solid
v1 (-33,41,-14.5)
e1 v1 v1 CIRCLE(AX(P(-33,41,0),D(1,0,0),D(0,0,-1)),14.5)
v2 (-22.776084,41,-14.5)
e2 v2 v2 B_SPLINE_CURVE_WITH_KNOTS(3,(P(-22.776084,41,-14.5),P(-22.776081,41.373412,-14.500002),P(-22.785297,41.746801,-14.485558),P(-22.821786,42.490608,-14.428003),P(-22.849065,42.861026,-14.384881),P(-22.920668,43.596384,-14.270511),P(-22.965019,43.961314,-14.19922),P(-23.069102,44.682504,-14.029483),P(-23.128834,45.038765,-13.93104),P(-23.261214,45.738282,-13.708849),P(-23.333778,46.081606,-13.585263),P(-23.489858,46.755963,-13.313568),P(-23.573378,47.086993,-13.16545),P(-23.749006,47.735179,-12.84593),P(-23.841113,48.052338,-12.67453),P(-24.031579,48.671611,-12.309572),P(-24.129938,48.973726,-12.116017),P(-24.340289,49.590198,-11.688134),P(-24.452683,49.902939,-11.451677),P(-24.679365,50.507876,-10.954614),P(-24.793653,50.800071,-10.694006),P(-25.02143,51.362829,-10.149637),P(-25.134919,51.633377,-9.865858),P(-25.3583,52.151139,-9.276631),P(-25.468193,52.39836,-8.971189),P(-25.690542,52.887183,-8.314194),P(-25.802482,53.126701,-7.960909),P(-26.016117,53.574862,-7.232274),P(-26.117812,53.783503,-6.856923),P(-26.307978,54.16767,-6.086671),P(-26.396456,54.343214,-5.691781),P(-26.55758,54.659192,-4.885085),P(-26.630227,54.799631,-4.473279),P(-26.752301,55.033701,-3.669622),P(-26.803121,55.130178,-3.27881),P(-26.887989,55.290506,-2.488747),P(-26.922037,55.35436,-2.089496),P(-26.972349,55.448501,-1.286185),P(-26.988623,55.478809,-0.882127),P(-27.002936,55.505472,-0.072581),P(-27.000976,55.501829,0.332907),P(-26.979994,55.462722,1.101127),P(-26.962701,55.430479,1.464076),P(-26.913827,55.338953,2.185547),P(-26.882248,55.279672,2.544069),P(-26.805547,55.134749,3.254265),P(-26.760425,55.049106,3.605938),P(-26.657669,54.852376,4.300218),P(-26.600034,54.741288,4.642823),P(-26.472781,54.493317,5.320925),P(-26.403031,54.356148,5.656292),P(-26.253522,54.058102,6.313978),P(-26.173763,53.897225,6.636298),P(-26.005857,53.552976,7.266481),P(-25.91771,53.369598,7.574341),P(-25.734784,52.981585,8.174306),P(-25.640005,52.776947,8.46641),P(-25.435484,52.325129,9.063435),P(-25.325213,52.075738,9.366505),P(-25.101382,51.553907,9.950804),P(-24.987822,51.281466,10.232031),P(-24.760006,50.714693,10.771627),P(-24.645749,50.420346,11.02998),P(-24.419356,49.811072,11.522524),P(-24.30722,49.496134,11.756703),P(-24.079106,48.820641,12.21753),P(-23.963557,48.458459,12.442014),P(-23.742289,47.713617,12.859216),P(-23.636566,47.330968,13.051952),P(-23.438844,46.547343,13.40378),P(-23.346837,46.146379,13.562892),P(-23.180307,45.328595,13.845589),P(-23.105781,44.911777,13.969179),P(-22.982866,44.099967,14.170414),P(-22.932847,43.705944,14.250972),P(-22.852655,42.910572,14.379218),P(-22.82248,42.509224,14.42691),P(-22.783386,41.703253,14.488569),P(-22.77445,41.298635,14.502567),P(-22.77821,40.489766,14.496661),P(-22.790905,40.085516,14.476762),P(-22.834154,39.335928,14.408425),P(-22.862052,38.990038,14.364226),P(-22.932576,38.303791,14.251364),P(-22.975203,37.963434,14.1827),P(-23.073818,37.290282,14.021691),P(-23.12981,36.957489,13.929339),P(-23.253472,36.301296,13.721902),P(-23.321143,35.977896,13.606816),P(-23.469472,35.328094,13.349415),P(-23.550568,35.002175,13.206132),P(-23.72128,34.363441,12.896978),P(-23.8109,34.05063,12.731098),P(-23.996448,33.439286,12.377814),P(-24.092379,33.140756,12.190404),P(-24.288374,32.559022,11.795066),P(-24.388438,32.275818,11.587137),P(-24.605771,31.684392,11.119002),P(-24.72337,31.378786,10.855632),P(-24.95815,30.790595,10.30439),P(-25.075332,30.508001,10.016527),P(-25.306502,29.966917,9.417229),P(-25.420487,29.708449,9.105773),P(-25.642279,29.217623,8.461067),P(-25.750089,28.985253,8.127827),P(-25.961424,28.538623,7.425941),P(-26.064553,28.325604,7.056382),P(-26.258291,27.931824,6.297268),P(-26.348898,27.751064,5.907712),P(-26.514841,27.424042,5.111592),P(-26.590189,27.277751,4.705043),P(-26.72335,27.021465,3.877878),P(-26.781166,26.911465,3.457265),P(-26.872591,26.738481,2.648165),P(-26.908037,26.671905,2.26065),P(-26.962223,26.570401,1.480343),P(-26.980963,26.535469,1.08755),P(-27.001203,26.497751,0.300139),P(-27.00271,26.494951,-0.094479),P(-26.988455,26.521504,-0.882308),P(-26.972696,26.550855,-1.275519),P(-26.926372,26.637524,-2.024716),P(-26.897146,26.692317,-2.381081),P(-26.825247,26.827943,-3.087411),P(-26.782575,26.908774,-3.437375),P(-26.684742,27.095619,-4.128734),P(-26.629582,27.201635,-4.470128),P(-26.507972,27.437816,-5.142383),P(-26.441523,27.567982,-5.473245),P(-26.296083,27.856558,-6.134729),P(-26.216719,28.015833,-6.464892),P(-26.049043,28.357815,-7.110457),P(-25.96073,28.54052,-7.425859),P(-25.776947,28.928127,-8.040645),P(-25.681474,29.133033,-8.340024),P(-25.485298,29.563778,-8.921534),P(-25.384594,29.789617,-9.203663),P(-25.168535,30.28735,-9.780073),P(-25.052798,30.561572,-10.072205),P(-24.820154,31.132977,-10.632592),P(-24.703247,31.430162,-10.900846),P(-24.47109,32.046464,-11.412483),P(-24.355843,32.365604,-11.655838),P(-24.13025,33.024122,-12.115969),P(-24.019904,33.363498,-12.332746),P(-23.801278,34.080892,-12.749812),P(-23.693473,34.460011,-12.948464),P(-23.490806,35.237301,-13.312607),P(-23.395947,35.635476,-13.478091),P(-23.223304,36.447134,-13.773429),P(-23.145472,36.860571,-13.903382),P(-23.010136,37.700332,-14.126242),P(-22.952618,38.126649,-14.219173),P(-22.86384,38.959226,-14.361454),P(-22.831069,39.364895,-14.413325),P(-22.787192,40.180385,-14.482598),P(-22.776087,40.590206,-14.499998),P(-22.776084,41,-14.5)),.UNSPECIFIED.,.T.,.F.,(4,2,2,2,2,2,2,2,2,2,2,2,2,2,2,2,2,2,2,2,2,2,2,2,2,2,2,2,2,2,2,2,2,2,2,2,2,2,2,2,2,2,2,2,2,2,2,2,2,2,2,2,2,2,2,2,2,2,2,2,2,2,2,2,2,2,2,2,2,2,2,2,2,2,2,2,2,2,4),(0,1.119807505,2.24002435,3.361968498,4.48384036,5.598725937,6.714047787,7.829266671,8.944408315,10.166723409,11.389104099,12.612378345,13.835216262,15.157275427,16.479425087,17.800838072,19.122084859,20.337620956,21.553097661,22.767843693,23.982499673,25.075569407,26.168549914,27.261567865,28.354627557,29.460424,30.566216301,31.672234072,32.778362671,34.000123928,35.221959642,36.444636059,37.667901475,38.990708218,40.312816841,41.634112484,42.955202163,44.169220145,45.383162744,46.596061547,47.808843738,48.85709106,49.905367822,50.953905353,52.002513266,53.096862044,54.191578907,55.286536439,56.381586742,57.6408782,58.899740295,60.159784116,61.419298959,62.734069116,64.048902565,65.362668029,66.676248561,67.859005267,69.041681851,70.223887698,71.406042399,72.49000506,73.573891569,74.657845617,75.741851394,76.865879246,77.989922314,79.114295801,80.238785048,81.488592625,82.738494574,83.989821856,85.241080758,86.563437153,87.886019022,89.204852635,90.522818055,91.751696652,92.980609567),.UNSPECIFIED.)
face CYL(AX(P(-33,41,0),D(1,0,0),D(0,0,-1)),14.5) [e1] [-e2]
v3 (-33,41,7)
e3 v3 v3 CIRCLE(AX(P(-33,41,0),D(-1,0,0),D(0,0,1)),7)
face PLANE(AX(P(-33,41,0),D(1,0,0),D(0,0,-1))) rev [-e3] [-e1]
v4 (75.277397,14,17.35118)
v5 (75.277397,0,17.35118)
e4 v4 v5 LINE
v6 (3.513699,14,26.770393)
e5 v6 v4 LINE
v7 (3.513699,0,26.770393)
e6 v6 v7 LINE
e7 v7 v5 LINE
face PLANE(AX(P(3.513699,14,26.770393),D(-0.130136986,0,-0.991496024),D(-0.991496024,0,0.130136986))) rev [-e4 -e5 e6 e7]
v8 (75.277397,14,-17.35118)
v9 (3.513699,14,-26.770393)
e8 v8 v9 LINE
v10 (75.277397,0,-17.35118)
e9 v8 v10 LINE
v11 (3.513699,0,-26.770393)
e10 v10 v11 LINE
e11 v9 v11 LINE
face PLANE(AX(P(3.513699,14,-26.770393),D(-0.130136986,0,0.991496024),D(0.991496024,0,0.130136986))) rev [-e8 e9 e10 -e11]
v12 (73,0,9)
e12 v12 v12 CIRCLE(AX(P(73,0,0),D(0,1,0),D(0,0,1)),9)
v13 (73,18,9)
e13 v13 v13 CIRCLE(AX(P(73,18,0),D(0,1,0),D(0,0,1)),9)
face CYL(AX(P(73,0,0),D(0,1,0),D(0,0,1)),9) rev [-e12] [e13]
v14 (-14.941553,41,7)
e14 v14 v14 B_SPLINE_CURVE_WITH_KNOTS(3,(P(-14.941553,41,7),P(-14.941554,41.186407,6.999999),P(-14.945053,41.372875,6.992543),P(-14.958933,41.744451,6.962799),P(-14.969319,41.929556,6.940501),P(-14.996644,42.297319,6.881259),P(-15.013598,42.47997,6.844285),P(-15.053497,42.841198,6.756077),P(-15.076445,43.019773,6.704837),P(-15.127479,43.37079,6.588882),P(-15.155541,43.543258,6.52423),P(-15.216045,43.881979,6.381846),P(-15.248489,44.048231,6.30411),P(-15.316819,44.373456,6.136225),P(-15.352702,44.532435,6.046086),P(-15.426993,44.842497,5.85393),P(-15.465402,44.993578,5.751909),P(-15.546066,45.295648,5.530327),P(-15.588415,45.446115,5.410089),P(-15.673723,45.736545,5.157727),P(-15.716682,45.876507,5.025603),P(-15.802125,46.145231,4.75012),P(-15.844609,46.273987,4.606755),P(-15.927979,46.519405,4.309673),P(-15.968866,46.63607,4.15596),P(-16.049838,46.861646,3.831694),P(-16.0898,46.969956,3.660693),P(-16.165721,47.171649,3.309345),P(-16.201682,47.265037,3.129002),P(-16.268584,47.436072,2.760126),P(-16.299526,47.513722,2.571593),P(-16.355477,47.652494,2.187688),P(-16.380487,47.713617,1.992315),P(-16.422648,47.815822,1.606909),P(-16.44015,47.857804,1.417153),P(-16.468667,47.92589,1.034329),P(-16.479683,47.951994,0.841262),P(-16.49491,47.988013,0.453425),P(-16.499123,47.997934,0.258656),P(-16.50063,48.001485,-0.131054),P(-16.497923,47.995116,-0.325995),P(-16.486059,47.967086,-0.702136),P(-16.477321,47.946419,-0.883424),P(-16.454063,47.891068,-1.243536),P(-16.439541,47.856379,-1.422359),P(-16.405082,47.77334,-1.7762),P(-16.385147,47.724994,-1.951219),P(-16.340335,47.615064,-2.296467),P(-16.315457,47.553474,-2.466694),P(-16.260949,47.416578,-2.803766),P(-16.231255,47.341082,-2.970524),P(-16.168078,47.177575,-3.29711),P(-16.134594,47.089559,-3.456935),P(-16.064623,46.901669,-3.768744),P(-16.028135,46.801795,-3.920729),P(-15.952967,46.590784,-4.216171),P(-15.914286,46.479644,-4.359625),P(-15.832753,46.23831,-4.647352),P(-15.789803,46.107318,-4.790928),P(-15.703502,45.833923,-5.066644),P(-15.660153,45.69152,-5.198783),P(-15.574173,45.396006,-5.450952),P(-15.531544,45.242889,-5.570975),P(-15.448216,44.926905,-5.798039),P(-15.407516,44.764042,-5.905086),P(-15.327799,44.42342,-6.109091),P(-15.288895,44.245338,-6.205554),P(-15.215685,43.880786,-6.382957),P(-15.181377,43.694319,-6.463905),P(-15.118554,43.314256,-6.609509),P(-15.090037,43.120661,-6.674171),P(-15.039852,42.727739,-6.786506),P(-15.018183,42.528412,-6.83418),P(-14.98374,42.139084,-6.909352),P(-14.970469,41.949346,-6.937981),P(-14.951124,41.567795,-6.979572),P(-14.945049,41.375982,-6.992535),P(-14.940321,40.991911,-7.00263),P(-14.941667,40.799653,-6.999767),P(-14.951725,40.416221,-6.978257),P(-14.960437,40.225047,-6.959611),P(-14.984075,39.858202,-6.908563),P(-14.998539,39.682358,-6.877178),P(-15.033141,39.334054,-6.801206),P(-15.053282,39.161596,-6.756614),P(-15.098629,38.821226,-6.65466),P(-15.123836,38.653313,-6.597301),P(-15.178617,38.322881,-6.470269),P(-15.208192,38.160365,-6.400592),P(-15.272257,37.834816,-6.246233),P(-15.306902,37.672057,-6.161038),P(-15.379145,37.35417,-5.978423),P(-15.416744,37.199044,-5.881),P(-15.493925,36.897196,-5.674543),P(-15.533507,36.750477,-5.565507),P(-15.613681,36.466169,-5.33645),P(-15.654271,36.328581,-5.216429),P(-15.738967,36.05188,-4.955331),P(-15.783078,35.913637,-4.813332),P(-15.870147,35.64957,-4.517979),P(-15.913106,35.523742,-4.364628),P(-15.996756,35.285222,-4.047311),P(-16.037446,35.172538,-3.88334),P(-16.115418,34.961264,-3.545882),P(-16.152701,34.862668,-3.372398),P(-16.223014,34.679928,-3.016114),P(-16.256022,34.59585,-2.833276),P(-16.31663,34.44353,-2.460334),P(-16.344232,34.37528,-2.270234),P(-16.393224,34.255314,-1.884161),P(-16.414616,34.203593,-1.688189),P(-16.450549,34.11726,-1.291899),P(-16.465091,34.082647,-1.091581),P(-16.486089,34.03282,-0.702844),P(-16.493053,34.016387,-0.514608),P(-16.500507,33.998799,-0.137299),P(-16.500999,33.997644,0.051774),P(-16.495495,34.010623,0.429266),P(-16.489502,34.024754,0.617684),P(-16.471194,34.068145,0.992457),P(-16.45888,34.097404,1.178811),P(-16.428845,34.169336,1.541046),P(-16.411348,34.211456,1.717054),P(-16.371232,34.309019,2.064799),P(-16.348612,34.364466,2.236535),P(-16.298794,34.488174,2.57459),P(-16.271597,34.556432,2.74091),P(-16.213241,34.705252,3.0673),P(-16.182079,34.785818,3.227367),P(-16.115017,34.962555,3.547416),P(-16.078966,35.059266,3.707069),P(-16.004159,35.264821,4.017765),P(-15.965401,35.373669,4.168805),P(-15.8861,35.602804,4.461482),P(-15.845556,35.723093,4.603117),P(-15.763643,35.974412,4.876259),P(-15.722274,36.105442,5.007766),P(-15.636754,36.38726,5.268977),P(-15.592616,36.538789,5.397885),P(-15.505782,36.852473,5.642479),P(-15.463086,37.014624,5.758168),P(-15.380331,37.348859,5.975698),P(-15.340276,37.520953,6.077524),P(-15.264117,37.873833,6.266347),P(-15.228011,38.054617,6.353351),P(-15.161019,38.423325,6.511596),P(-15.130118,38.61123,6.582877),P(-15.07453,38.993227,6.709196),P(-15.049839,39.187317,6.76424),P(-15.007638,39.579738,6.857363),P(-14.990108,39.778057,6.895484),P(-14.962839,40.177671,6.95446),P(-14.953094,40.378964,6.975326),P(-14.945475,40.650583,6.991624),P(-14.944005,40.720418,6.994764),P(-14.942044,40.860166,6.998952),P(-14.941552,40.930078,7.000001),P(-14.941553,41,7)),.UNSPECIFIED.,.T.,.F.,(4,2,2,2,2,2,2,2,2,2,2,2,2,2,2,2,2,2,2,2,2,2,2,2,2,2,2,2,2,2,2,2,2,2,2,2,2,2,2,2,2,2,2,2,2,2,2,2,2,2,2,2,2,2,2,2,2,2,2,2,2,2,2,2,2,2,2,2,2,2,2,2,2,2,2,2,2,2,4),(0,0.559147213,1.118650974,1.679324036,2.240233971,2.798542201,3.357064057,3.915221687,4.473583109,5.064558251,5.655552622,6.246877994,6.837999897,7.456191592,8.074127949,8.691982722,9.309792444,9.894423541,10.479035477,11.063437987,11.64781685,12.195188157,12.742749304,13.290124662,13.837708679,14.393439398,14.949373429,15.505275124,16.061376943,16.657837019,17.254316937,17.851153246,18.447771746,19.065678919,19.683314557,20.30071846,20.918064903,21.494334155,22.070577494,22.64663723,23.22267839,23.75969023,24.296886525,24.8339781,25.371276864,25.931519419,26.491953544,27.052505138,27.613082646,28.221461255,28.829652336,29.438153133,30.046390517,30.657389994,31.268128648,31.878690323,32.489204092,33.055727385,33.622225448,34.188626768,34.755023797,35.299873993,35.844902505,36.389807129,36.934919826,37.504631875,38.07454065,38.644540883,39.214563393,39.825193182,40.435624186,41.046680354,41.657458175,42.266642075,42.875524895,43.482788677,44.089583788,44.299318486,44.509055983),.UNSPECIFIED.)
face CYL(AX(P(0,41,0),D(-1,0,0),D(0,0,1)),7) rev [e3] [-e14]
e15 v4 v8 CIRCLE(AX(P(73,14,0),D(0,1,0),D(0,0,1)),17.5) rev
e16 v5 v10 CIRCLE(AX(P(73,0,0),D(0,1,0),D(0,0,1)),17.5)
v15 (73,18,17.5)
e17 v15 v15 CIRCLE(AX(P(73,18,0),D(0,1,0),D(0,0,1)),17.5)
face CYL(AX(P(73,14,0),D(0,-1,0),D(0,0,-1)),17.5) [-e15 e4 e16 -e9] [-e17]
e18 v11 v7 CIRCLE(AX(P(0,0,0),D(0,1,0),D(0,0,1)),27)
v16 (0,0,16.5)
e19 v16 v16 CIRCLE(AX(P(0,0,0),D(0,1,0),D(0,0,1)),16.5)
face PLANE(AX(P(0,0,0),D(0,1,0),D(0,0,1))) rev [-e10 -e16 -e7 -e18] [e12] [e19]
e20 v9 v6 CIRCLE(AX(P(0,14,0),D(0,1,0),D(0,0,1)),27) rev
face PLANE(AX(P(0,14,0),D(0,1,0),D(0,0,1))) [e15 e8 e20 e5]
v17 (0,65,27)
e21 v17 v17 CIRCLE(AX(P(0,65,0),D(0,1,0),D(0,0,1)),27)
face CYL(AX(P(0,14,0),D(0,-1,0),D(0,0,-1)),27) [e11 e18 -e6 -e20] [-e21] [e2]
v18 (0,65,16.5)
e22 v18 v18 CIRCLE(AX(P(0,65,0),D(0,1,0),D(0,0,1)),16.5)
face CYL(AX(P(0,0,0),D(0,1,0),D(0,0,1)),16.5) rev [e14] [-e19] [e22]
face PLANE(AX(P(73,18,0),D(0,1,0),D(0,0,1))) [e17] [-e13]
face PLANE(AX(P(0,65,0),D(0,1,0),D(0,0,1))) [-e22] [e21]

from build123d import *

# Parameters (mm, degrees)
EXTRUDE_1_DEPTH     = 14
SKETCH_2_R          = 27
EXTRUDE_2_DEPTH     = 65
SKETCH_3_R          = 17.5
EXTRUDE_3_DEPTH     = 18
SKETCH_4_R          = 14.5
EXTRUDE_4_DEPTH     = 33
SKETCH_5_R          = 16.5
CUT_EXTRUDE_1_DEPTH = 66.0000001
SKETCH_6_R          = 9
CUT_EXTRUDE_2_DEPTH = 19.0000001
SKETCH_7_R          = 7
CUT_EXTRUDE_3_DEPTH = 33


with BuildPart() as part:
    # 草图1 → 凸台-拉伸1 (new body)
    with BuildSketch(Plane(origin=(0, 0, 0), x_dir=(1, 0, 0), z_dir=(0, 1, 0))):
        with BuildLine():
            Line((3.51369863, -26.770392637), (75.27739726, -17.351180413))
            ThreePointArc((75.27739726, -17.351180413), (90.5, 0), (75.27739726, 17.351180413))
            Line((75.27739726, 17.351180413), (3.51369863, 26.770392637))
            ThreePointArc((3.51369863, 26.770392637), (-27, 0), (3.51369863, -26.770392637))
        make_face()
    extrude(amount=EXTRUDE_1_DEPTH)

    # 草图2 → 凸台-拉伸2 (add)
    with BuildSketch(Plane(origin=(0, 0, 0), x_dir=(1, 0, 0), z_dir=(0, 1, 0))):
        Circle(SKETCH_2_R)
    extrude(amount=EXTRUDE_2_DEPTH)

    # 草图3 → 凸台-拉伸3 (add)
    with BuildSketch(Plane(origin=(0, 0, 0), x_dir=(1, 0, 0), z_dir=(0, 1, 0))):
        with Locations((73, 0)):
            Circle(SKETCH_3_R)
    extrude(amount=EXTRUDE_3_DEPTH)

    # 草图4 → 凸台-拉伸4 (add)
    with BuildSketch(Plane(origin=(0, 0, 0), x_dir=(0, 0, -1), z_dir=(1, 0, 0))):
        with Locations((0, 41)):
            Circle(SKETCH_4_R)
    extrude(amount=-EXTRUDE_4_DEPTH)

    # 草图5 → 切除-拉伸1 (cut, through all)
    with BuildSketch(Plane(origin=(0, 65, 0), x_dir=(1, 0, 0), z_dir=(0, 1, 0))):
        Circle(SKETCH_5_R)
    extrude(amount=-CUT_EXTRUDE_1_DEPTH, mode=Mode.SUBTRACT)

    # 草图6 → 切除-拉伸2 (cut, through all)
    with BuildSketch(Plane(origin=(0, 18, 0), x_dir=(1, 0, 0), z_dir=(0, 1, 0))):
        with Locations((73, 0)):
            Circle(SKETCH_6_R)
    extrude(amount=-CUT_EXTRUDE_2_DEPTH, mode=Mode.SUBTRACT)

    # 草图7 → 切除-拉伸3 (cut)
    with BuildSketch(Plane.ZY.offset(33)):
        with Locations((0, 41)):
            Circle(SKETCH_7_R)
    extrude(amount=-CUT_EXTRUDE_3_DEPTH, mode=Mode.SUBTRACT)


solid = part.part
